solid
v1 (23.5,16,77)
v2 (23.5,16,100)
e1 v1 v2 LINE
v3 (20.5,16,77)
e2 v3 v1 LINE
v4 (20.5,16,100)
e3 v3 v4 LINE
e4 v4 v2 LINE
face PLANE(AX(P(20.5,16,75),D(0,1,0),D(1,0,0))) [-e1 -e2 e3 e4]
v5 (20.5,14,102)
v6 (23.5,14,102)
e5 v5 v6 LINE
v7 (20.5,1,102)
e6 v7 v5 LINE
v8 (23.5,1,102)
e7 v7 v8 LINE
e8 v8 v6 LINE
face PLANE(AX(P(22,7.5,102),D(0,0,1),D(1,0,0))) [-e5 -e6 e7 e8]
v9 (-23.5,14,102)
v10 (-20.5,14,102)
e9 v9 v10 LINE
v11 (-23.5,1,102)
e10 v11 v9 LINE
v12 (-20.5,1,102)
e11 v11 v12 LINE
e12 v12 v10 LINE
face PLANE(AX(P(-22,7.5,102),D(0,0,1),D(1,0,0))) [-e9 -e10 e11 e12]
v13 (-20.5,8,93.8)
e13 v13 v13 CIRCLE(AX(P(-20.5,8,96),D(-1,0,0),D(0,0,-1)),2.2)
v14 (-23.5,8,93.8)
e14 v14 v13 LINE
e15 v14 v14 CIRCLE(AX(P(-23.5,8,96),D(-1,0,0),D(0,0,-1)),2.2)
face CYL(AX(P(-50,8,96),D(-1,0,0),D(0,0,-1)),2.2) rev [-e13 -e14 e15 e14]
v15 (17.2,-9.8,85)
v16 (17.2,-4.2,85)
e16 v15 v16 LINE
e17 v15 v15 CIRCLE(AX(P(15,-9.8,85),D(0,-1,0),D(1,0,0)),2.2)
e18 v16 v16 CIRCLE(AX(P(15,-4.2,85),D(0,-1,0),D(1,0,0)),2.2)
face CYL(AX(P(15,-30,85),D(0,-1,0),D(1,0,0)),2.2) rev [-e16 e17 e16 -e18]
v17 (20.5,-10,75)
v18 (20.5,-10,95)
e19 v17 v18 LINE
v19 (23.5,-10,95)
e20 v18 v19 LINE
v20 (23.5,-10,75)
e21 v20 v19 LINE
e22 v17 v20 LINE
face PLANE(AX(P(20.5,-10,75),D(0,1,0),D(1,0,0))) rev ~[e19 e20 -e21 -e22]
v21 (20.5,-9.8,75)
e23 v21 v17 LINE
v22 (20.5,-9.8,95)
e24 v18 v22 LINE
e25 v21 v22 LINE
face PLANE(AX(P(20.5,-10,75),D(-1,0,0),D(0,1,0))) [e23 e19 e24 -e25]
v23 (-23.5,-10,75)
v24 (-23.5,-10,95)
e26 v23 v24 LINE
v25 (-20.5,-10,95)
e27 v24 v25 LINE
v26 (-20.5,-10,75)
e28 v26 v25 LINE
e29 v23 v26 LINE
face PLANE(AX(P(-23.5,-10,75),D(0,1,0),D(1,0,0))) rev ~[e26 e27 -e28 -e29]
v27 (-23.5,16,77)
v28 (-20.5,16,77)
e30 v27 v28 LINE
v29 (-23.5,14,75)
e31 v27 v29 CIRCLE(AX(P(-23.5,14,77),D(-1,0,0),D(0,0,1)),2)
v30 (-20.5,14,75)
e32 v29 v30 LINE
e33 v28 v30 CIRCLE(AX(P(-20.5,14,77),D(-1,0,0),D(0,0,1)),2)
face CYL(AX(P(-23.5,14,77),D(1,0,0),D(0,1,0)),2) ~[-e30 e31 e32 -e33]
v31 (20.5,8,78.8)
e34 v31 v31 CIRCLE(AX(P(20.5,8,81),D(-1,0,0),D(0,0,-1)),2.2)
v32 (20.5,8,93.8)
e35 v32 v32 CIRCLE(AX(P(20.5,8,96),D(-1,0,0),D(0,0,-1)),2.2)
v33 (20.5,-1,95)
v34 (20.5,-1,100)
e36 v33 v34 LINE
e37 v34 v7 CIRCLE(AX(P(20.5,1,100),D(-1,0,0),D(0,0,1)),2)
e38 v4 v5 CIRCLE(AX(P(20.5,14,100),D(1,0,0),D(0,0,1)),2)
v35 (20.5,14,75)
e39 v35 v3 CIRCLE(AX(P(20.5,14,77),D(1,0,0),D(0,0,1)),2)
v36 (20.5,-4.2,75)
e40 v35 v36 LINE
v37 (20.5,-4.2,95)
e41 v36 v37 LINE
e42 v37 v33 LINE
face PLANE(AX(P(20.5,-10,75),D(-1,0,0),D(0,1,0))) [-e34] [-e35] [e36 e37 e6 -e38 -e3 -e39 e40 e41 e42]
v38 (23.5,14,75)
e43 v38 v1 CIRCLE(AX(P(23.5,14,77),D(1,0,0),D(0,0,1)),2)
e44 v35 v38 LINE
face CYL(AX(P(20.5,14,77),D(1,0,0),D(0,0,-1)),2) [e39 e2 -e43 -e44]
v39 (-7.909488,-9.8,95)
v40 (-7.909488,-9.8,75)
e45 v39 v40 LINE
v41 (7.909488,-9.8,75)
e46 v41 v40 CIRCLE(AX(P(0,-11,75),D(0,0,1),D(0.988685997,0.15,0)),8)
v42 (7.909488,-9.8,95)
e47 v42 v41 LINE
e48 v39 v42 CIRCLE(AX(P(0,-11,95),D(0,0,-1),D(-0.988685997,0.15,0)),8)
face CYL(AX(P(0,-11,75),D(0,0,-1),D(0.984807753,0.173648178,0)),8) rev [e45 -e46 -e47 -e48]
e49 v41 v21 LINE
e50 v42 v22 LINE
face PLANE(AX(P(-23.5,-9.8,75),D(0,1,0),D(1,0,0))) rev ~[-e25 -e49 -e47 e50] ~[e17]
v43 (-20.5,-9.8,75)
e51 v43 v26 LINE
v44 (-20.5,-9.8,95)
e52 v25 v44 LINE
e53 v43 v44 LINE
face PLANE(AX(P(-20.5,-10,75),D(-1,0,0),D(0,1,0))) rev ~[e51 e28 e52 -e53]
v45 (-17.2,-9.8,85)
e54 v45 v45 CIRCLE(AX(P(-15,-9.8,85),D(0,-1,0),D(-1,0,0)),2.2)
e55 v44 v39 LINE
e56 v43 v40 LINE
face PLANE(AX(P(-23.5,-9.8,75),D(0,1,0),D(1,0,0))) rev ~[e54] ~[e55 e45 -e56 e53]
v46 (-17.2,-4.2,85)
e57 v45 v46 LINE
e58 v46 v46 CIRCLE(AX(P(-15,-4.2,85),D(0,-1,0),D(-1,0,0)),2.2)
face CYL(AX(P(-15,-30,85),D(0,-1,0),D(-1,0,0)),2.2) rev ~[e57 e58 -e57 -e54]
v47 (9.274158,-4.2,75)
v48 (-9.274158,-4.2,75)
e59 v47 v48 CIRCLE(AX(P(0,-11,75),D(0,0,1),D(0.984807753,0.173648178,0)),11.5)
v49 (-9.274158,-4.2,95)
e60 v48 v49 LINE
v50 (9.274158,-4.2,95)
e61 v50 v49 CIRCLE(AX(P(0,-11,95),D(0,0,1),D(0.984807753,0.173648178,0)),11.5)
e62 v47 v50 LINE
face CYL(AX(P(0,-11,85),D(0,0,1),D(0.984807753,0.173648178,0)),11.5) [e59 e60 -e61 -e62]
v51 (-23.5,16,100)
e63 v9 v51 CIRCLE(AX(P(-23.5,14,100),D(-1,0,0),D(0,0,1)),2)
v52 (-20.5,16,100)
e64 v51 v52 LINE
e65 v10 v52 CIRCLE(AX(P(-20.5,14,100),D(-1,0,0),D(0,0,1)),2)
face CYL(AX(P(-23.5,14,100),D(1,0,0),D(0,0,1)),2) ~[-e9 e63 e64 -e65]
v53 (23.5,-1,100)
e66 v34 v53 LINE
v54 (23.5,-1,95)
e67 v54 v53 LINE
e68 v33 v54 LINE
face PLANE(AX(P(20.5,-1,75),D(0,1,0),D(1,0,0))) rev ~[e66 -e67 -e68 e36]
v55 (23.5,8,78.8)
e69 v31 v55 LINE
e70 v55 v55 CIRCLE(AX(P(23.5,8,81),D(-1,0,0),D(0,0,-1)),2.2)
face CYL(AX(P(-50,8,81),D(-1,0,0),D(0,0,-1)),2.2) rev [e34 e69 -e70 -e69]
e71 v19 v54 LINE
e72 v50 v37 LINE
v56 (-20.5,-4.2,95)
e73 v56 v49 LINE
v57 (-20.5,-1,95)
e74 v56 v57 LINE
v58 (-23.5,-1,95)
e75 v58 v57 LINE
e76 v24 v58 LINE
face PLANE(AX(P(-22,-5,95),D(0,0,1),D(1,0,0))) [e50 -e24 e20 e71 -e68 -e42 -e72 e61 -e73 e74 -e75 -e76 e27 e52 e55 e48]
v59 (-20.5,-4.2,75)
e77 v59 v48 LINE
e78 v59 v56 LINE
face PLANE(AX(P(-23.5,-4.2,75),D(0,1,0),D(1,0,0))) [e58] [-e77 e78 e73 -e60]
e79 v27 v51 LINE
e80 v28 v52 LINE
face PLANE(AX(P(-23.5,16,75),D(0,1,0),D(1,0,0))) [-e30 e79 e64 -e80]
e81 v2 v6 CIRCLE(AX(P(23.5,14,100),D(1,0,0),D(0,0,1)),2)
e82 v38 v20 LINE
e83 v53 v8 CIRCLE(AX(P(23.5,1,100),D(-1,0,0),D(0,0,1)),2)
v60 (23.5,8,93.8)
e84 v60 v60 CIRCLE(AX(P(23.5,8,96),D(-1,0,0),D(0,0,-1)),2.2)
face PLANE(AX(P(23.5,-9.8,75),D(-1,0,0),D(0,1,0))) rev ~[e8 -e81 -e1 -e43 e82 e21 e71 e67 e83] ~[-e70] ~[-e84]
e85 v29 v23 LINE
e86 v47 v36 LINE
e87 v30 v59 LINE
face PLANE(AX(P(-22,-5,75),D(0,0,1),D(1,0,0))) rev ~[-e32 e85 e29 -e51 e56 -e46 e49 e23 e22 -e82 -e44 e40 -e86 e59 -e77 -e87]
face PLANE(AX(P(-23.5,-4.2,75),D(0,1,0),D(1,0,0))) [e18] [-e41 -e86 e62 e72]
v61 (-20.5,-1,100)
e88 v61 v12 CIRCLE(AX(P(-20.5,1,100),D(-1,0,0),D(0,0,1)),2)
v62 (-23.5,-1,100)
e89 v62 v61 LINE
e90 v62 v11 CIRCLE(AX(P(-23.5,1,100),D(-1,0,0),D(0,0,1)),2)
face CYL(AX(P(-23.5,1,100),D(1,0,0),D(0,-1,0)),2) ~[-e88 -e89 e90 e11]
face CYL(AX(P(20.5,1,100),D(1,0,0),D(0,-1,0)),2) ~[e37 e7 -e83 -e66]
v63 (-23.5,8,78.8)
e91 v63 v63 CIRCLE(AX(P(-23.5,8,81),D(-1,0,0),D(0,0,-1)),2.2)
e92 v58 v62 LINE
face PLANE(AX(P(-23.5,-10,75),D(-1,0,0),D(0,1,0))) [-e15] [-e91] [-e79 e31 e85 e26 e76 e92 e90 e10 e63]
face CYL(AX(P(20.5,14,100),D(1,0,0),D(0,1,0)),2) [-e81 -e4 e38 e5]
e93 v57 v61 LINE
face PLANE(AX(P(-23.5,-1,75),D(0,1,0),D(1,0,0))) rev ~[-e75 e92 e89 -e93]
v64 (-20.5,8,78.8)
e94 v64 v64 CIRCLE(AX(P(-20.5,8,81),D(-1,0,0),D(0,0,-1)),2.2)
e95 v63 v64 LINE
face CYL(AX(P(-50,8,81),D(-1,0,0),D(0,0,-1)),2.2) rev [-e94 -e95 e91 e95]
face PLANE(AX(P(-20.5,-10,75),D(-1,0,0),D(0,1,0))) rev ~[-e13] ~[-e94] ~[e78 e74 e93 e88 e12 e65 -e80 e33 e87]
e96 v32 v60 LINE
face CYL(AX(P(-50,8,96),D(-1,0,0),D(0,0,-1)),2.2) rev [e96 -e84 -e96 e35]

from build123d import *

# Parameters (mm, degrees)
CYLINDER103_R               = 2.2
CYLINDER103_DEPTH           = 30
CYLINDER099_R               = 2.2
CYLINDER099_DEPTH           = 100
ARRAY001_Z_COUNT            = 4
ARRAY001_Z_PITCH            = 15
BOX048_W                    = 3
BOX048_H                    = 10
BOX048_DEPTH                = 20
BOX_W                       = 3
BOX_H                       = 17
BOX_DEPTH                   = 27
ARRAY_X_COUNT               = 2
ARRAY_X_PITCH               = 44
CYLINDER097_R               = 8
CYLINDER097_DEPTH           = 20
CYLINDER097_PLACEMENT_ANGLE = 10
BOX047_W                    = 47
BOX047_H                    = 5.6
BOX047_DEPTH                = 20
CYLINDER096_W               = 11.5
CYLINDER096_H               = 20
CYLINDER096_ANGLE           = 160
CYLINDER096_PLACEMENT_ANGLE = 10
FILLET_R                    = 2


with BuildPart() as insert_hole:
    # Cylinder103 → Cylinder103 (new body)
    with BuildSketch(Plane(origin=(15, -19, 10), x_dir=(1, 0, 0), z_dir=(0, 1, 0))):
        Circle(CYLINDER103_R)
    extrude(amount=CYLINDER103_DEPTH)


with BuildPart() as m3_bolt_insert_fusion001:
    # Part__Mirroring007: instance of insert hole
    add(insert_hole.part.mirror(Plane(origin=(0, 0, 0), x_dir=(0, -1, 0), z_dir=(1, 0, 0))))

    # Fusion076: union insert hole
    add(insert_hole.part)


with BuildPart() as m4_hole_array:
    # Cylinder099 → Cylinder099 (new body)
    with BuildSketch(Plane(origin=(-50, 9, 6), x_dir=(0, 0, -1), z_dir=(1, 0, 0))):
        Circle(CYLINDER099_R)
    extrude(amount=CYLINDER099_DEPTH)

    # Array001 Z: m4 hole array ×4


with BuildPart() as m4_hole_array_1:
    add(m4_hole_array.part)
    with Locations(*[(0, 0, i * ARRAY001_Z_PITCH) for i in range(1, ARRAY001_Z_COUNT)]):
        add(m4_hole_array.part)


with BuildPart() as wall_cube001:
    # Box048 → Box048 (new body)
    with BuildSketch(Plane(origin=(0, -9, 0), x_dir=(1, 0, 0), z_dir=(0, 0, 1))):
        with Locations((1.5, 5)):
            Rectangle(BOX048_W, BOX048_H)
    extrude(amount=BOX048_DEPTH)


with BuildPart() as walls_with_holes:
    # Box → Box (new body)
    with BuildSketch(Plane.XY):
        with Locations((1.5, 8.5)):
            Rectangle(BOX_W, BOX_H)
    extrude(amount=BOX_DEPTH)

    # Fusion: union wall cube001
    add(wall_cube001.part)


with BuildPart() as walls_with_holes_1:
    # Fusion placement: moved
    add(walls_with_holes.part.moved(Location((-23.5, 0, 0))))

    # Array X: walls with holes ×2


with BuildPart() as walls_with_holes_2:
    add(walls_with_holes_1.part)
    with Locations(*[(i * ARRAY_X_PITCH, 0, 0) for i in range(1, ARRAY_X_COUNT)]):
        add(walls_with_holes_1.part)

    # Cut: cut m4 hole array
    add(m4_hole_array_1.part, mode=Mode.SUBTRACT)


with BuildPart() as walls_with_holes_3:
    # Cut placement: moved
    add(walls_with_holes_2.part.moved(Location((0, 10, 0))))


with BuildPart() as pile_extraction001:
    # Cylinder097 → Cylinder097 (new body)
    with BuildSketch(Plane.XY):
        Circle(CYLINDER097_R)
    extrude(amount=CYLINDER097_DEPTH)


with BuildPart() as pile_extraction001_1:
    # Cylinder097 placement: moved
    add(pile_extraction001.part.rotate(Axis((0, 0, 0), (0, 0, 1)), CYLINDER097_PLACEMENT_ANGLE))


with BuildPart() as cube004:
    # Box047 → Box047 (new body)
    with BuildSketch(Plane(origin=(-23.5, 1.2, 0), x_dir=(1, 0, 0), z_dir=(0, 0, 1))):
        with Locations((23.5, 2.8)):
            Rectangle(BOX047_W, BOX047_H)
    extrude(amount=BOX047_DEPTH)


with BuildPart() as solder_with_walls_fillet_clone:
    # Cylinder096 → Cylinder096 (revolve)
    with BuildSketch(Plane.XZ):
        with Locations((5.75, 10)):
            Rectangle(CYLINDER096_W, CYLINDER096_H)
    revolve(axis=Axis((0, 0, 0), (0, 0, 1)), revolution_arc=CYLINDER096_ANGLE)


with BuildPart() as solder_with_walls_fillet_clone_1:
    # Cylinder096 placement: moved
    add(solder_with_walls_fillet_clone.part.rotate(Axis((0, 0, 0), (0, 0, 1)), CYLINDER096_PLACEMENT_ANGLE))

    # Fusion072: union Cube004
    add(cube004.part)

    # Cut023016: cut pile extraction001
    add(pile_extraction001_1.part, mode=Mode.SUBTRACT)

    # Fusion073: union walls with holes
    add(walls_with_holes_3.part)

    # Cut023015: cut m3 bolt insert fusion001
    add(m3_bolt_insert_fusion001.part, mode=Mode.SUBTRACT)


with BuildPart() as solder_with_walls_fillet_clone_2:
    # Cut023015 placement: moved
    add(solder_with_walls_fillet_clone_1.part.moved(Location((0, -11, 0))))

    # Fillet
    fillet_edges = [solder_with_walls_fillet_clone_2.edges().sort_by_distance(p)[0] for p in [
        (-22, -1, 27),
        (-22, 16, 27),
        (-22, 16, 0),
        (22, -1, 27),
        (22, 16, 27),
        (22, 16, 0),
    ]]
    fillet(fillet_edges, radius=FILLET_R)


with BuildPart() as solder_with_walls_fillet_clone_3:
    # Body placement: moved
    add(solder_with_walls_fillet_clone_2.part.moved(Location((0, 0, 75))))


solid = solder_with_walls_fillet_clone_3.part
